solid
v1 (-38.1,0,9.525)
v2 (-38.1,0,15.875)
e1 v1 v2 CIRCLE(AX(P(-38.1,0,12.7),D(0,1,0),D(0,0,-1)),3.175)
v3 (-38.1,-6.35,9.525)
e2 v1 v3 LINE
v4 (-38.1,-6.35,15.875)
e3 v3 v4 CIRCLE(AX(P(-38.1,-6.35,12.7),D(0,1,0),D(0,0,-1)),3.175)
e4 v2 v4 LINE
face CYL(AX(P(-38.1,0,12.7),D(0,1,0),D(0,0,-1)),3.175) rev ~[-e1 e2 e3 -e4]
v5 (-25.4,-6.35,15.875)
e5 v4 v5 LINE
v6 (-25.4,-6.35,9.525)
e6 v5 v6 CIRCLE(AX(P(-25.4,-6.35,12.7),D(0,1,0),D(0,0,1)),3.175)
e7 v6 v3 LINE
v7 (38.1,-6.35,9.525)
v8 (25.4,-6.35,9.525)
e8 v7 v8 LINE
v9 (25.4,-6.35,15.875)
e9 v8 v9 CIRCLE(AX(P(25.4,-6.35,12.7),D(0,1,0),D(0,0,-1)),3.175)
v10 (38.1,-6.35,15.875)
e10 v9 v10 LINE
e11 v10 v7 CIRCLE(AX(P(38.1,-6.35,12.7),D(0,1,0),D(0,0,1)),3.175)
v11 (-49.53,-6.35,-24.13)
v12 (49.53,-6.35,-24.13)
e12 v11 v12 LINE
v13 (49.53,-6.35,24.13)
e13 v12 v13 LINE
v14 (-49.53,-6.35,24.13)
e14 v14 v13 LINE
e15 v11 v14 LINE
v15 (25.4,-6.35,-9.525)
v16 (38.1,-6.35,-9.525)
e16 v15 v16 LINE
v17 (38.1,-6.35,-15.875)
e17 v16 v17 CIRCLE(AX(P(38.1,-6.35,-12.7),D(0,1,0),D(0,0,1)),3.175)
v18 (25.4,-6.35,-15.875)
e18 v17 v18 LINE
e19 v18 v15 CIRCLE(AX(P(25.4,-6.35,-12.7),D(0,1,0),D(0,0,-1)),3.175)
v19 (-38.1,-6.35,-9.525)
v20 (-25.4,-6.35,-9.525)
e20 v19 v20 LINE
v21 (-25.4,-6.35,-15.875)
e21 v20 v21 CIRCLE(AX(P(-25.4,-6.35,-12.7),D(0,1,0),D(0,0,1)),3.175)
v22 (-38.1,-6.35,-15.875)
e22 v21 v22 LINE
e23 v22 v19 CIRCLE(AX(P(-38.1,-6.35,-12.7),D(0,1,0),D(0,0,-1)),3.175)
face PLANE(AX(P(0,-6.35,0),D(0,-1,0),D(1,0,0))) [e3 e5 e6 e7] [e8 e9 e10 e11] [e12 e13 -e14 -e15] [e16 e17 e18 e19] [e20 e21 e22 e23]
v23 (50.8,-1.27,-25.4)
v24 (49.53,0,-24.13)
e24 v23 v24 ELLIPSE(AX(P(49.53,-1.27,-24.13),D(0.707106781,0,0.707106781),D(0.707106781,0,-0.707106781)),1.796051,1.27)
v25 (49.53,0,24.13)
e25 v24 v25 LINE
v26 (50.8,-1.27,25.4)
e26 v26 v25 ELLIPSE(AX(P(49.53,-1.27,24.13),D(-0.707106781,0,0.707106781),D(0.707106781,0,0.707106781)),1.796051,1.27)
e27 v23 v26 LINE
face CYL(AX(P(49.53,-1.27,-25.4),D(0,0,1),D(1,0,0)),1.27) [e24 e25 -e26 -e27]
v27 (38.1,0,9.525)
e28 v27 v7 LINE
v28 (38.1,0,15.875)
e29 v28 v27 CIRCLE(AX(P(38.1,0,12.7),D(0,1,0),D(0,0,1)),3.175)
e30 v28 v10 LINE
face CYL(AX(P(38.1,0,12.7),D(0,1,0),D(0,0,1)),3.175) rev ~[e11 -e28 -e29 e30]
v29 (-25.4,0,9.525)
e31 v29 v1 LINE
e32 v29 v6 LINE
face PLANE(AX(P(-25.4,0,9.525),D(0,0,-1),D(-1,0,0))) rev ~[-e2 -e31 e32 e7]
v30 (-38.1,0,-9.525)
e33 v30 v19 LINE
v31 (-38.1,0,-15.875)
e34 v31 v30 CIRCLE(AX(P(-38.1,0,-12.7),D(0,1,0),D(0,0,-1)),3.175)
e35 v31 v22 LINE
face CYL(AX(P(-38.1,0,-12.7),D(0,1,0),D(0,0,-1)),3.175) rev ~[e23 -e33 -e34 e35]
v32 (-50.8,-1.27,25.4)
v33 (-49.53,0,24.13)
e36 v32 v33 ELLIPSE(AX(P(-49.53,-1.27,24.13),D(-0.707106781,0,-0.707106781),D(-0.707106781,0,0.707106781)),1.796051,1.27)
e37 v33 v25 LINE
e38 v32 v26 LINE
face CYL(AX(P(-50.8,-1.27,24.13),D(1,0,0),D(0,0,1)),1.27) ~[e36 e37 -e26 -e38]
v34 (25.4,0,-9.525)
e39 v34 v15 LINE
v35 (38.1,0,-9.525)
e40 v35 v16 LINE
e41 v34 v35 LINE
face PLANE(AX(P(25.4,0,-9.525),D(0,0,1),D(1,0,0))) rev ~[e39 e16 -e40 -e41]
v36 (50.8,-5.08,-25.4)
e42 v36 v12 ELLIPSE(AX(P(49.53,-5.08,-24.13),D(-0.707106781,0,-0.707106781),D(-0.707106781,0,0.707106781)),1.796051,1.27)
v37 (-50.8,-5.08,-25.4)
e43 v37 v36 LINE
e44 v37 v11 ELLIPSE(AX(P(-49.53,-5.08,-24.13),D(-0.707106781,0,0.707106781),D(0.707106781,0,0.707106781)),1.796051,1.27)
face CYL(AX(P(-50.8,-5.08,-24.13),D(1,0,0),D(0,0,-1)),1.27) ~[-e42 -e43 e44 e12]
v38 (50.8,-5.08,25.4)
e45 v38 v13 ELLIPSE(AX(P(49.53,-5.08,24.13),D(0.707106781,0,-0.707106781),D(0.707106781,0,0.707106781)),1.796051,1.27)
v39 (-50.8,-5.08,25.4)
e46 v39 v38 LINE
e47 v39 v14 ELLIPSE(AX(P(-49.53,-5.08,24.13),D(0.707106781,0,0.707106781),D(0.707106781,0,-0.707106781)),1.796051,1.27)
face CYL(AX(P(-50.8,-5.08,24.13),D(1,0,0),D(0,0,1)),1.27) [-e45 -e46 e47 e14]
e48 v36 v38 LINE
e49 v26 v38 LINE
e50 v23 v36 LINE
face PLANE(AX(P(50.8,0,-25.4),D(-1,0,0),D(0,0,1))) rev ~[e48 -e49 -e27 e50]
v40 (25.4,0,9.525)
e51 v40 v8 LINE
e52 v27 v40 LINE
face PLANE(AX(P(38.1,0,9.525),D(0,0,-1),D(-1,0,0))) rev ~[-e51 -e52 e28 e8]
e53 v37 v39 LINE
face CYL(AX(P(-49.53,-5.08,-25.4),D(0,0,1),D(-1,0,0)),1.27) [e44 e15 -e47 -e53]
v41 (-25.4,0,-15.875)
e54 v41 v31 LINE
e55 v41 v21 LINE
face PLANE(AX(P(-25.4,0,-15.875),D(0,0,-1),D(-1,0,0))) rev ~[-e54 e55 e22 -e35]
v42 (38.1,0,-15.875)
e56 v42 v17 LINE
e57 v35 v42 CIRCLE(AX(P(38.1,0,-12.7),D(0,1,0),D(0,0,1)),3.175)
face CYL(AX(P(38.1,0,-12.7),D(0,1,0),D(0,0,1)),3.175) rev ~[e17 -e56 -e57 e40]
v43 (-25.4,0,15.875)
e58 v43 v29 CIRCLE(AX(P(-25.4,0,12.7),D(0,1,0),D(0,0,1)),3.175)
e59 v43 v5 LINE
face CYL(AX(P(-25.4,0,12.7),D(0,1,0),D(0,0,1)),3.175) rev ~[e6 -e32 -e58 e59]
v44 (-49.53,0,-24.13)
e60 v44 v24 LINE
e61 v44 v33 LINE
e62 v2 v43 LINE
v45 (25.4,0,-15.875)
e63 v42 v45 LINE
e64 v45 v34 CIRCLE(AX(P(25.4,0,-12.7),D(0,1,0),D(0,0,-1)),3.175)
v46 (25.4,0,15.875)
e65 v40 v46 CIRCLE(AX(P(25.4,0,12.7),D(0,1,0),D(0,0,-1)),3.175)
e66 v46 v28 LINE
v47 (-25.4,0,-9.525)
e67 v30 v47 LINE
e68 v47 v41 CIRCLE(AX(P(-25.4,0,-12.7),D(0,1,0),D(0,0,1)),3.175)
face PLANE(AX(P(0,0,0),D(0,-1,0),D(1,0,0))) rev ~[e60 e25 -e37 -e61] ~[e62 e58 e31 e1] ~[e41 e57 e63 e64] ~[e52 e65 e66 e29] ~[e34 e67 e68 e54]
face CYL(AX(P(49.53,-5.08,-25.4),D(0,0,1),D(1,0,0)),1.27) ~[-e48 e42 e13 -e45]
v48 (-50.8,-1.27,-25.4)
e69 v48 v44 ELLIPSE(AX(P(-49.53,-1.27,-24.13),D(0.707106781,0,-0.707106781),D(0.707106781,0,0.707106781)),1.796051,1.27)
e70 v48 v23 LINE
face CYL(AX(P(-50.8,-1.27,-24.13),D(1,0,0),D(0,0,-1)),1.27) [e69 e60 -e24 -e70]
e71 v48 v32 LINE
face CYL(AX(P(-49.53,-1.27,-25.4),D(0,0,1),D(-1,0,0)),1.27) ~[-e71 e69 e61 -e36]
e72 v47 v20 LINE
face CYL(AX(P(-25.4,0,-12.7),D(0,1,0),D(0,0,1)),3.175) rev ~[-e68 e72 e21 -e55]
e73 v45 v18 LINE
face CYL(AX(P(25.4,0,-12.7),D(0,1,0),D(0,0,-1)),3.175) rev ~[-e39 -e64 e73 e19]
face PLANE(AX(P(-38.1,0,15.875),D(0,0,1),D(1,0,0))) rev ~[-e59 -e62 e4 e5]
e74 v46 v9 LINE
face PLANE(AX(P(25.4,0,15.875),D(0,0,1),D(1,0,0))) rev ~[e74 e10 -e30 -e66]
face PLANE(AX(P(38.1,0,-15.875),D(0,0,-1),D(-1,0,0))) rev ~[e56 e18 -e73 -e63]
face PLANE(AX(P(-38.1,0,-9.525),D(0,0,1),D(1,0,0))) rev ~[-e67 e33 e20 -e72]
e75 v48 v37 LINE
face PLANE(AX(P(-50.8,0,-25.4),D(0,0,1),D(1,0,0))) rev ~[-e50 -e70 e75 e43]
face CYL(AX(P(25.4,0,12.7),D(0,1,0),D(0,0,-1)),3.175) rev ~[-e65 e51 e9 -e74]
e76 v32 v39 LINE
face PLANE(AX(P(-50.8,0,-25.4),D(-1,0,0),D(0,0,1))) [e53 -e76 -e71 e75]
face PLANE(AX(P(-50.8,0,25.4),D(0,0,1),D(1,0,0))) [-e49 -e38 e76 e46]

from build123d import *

# Parameters (mm, degrees)
F0_W     = 101.6
F0_H     = 50.8
F1_DEPTH = 6.35
F2_R     = 1.27


with BuildPart() as f1:
    # F0 (on Front) → F1 (new body)
    with BuildSketch(Plane.XZ):
        Rectangle(F0_W, F0_H)
        with BuildLine():
            Line((-25.4, -15.875), (-38.1, -15.875))
            ThreePointArc((-38.1, -15.875), (-41.275, -12.7), (-38.1, -9.525))
            Line((-38.1, -9.525), (-25.4, -9.525))
            ThreePointArc((-25.4, -9.525), (-22.225, -12.7), (-25.4, -15.875))
        make_face(mode=Mode.SUBTRACT)
        with BuildLine():
            Line((25.4, -9.525), (38.1, -9.525))
            ThreePointArc((38.1, -9.525), (41.275, -12.7), (38.1, -15.875))
            Line((38.1, -15.875), (25.4, -15.875))
            ThreePointArc((25.4, -15.875), (22.225, -12.7), (25.4, -9.525))
        make_face(mode=Mode.SUBTRACT)
        with BuildLine():
            Line((-25.4, 9.525), (-38.1, 9.525))
            ThreePointArc((-38.1, 9.525), (-41.275, 12.7), (-38.1, 15.875))
            Line((-38.1, 15.875), (-25.4, 15.875))
            ThreePointArc((-25.4, 15.875), (-22.225, 12.7), (-25.4, 9.525))
        make_face(mode=Mode.SUBTRACT)
        with BuildLine():
            Line((25.4, 15.875), (38.1, 15.875))
            ThreePointArc((38.1, 15.875), (41.275, 12.7), (38.1, 9.525))
            Line((38.1, 9.525), (25.4, 9.525))
            ThreePointArc((25.4, 9.525), (22.225, 12.7), (25.4, 15.875))
        make_face(mode=Mode.SUBTRACT)
    extrude(amount=F1_DEPTH)

    # F2
    f2_edges = [f1.edges().sort_by_distance(p)[0] for p in [
        (0, 0, -25.4),
        (-50.8, 0, 0),
        (50.8, 0, 0),
        (0, 0, 25.4),
        (0, -6.35, 25.4),
        (-50.8, -6.35, 0),
        (50.8, -6.35, 0),
        (0, -6.35, -25.4),
    ]]
    fillet(f2_edges, radius=F2_R)


solid = f1.part
